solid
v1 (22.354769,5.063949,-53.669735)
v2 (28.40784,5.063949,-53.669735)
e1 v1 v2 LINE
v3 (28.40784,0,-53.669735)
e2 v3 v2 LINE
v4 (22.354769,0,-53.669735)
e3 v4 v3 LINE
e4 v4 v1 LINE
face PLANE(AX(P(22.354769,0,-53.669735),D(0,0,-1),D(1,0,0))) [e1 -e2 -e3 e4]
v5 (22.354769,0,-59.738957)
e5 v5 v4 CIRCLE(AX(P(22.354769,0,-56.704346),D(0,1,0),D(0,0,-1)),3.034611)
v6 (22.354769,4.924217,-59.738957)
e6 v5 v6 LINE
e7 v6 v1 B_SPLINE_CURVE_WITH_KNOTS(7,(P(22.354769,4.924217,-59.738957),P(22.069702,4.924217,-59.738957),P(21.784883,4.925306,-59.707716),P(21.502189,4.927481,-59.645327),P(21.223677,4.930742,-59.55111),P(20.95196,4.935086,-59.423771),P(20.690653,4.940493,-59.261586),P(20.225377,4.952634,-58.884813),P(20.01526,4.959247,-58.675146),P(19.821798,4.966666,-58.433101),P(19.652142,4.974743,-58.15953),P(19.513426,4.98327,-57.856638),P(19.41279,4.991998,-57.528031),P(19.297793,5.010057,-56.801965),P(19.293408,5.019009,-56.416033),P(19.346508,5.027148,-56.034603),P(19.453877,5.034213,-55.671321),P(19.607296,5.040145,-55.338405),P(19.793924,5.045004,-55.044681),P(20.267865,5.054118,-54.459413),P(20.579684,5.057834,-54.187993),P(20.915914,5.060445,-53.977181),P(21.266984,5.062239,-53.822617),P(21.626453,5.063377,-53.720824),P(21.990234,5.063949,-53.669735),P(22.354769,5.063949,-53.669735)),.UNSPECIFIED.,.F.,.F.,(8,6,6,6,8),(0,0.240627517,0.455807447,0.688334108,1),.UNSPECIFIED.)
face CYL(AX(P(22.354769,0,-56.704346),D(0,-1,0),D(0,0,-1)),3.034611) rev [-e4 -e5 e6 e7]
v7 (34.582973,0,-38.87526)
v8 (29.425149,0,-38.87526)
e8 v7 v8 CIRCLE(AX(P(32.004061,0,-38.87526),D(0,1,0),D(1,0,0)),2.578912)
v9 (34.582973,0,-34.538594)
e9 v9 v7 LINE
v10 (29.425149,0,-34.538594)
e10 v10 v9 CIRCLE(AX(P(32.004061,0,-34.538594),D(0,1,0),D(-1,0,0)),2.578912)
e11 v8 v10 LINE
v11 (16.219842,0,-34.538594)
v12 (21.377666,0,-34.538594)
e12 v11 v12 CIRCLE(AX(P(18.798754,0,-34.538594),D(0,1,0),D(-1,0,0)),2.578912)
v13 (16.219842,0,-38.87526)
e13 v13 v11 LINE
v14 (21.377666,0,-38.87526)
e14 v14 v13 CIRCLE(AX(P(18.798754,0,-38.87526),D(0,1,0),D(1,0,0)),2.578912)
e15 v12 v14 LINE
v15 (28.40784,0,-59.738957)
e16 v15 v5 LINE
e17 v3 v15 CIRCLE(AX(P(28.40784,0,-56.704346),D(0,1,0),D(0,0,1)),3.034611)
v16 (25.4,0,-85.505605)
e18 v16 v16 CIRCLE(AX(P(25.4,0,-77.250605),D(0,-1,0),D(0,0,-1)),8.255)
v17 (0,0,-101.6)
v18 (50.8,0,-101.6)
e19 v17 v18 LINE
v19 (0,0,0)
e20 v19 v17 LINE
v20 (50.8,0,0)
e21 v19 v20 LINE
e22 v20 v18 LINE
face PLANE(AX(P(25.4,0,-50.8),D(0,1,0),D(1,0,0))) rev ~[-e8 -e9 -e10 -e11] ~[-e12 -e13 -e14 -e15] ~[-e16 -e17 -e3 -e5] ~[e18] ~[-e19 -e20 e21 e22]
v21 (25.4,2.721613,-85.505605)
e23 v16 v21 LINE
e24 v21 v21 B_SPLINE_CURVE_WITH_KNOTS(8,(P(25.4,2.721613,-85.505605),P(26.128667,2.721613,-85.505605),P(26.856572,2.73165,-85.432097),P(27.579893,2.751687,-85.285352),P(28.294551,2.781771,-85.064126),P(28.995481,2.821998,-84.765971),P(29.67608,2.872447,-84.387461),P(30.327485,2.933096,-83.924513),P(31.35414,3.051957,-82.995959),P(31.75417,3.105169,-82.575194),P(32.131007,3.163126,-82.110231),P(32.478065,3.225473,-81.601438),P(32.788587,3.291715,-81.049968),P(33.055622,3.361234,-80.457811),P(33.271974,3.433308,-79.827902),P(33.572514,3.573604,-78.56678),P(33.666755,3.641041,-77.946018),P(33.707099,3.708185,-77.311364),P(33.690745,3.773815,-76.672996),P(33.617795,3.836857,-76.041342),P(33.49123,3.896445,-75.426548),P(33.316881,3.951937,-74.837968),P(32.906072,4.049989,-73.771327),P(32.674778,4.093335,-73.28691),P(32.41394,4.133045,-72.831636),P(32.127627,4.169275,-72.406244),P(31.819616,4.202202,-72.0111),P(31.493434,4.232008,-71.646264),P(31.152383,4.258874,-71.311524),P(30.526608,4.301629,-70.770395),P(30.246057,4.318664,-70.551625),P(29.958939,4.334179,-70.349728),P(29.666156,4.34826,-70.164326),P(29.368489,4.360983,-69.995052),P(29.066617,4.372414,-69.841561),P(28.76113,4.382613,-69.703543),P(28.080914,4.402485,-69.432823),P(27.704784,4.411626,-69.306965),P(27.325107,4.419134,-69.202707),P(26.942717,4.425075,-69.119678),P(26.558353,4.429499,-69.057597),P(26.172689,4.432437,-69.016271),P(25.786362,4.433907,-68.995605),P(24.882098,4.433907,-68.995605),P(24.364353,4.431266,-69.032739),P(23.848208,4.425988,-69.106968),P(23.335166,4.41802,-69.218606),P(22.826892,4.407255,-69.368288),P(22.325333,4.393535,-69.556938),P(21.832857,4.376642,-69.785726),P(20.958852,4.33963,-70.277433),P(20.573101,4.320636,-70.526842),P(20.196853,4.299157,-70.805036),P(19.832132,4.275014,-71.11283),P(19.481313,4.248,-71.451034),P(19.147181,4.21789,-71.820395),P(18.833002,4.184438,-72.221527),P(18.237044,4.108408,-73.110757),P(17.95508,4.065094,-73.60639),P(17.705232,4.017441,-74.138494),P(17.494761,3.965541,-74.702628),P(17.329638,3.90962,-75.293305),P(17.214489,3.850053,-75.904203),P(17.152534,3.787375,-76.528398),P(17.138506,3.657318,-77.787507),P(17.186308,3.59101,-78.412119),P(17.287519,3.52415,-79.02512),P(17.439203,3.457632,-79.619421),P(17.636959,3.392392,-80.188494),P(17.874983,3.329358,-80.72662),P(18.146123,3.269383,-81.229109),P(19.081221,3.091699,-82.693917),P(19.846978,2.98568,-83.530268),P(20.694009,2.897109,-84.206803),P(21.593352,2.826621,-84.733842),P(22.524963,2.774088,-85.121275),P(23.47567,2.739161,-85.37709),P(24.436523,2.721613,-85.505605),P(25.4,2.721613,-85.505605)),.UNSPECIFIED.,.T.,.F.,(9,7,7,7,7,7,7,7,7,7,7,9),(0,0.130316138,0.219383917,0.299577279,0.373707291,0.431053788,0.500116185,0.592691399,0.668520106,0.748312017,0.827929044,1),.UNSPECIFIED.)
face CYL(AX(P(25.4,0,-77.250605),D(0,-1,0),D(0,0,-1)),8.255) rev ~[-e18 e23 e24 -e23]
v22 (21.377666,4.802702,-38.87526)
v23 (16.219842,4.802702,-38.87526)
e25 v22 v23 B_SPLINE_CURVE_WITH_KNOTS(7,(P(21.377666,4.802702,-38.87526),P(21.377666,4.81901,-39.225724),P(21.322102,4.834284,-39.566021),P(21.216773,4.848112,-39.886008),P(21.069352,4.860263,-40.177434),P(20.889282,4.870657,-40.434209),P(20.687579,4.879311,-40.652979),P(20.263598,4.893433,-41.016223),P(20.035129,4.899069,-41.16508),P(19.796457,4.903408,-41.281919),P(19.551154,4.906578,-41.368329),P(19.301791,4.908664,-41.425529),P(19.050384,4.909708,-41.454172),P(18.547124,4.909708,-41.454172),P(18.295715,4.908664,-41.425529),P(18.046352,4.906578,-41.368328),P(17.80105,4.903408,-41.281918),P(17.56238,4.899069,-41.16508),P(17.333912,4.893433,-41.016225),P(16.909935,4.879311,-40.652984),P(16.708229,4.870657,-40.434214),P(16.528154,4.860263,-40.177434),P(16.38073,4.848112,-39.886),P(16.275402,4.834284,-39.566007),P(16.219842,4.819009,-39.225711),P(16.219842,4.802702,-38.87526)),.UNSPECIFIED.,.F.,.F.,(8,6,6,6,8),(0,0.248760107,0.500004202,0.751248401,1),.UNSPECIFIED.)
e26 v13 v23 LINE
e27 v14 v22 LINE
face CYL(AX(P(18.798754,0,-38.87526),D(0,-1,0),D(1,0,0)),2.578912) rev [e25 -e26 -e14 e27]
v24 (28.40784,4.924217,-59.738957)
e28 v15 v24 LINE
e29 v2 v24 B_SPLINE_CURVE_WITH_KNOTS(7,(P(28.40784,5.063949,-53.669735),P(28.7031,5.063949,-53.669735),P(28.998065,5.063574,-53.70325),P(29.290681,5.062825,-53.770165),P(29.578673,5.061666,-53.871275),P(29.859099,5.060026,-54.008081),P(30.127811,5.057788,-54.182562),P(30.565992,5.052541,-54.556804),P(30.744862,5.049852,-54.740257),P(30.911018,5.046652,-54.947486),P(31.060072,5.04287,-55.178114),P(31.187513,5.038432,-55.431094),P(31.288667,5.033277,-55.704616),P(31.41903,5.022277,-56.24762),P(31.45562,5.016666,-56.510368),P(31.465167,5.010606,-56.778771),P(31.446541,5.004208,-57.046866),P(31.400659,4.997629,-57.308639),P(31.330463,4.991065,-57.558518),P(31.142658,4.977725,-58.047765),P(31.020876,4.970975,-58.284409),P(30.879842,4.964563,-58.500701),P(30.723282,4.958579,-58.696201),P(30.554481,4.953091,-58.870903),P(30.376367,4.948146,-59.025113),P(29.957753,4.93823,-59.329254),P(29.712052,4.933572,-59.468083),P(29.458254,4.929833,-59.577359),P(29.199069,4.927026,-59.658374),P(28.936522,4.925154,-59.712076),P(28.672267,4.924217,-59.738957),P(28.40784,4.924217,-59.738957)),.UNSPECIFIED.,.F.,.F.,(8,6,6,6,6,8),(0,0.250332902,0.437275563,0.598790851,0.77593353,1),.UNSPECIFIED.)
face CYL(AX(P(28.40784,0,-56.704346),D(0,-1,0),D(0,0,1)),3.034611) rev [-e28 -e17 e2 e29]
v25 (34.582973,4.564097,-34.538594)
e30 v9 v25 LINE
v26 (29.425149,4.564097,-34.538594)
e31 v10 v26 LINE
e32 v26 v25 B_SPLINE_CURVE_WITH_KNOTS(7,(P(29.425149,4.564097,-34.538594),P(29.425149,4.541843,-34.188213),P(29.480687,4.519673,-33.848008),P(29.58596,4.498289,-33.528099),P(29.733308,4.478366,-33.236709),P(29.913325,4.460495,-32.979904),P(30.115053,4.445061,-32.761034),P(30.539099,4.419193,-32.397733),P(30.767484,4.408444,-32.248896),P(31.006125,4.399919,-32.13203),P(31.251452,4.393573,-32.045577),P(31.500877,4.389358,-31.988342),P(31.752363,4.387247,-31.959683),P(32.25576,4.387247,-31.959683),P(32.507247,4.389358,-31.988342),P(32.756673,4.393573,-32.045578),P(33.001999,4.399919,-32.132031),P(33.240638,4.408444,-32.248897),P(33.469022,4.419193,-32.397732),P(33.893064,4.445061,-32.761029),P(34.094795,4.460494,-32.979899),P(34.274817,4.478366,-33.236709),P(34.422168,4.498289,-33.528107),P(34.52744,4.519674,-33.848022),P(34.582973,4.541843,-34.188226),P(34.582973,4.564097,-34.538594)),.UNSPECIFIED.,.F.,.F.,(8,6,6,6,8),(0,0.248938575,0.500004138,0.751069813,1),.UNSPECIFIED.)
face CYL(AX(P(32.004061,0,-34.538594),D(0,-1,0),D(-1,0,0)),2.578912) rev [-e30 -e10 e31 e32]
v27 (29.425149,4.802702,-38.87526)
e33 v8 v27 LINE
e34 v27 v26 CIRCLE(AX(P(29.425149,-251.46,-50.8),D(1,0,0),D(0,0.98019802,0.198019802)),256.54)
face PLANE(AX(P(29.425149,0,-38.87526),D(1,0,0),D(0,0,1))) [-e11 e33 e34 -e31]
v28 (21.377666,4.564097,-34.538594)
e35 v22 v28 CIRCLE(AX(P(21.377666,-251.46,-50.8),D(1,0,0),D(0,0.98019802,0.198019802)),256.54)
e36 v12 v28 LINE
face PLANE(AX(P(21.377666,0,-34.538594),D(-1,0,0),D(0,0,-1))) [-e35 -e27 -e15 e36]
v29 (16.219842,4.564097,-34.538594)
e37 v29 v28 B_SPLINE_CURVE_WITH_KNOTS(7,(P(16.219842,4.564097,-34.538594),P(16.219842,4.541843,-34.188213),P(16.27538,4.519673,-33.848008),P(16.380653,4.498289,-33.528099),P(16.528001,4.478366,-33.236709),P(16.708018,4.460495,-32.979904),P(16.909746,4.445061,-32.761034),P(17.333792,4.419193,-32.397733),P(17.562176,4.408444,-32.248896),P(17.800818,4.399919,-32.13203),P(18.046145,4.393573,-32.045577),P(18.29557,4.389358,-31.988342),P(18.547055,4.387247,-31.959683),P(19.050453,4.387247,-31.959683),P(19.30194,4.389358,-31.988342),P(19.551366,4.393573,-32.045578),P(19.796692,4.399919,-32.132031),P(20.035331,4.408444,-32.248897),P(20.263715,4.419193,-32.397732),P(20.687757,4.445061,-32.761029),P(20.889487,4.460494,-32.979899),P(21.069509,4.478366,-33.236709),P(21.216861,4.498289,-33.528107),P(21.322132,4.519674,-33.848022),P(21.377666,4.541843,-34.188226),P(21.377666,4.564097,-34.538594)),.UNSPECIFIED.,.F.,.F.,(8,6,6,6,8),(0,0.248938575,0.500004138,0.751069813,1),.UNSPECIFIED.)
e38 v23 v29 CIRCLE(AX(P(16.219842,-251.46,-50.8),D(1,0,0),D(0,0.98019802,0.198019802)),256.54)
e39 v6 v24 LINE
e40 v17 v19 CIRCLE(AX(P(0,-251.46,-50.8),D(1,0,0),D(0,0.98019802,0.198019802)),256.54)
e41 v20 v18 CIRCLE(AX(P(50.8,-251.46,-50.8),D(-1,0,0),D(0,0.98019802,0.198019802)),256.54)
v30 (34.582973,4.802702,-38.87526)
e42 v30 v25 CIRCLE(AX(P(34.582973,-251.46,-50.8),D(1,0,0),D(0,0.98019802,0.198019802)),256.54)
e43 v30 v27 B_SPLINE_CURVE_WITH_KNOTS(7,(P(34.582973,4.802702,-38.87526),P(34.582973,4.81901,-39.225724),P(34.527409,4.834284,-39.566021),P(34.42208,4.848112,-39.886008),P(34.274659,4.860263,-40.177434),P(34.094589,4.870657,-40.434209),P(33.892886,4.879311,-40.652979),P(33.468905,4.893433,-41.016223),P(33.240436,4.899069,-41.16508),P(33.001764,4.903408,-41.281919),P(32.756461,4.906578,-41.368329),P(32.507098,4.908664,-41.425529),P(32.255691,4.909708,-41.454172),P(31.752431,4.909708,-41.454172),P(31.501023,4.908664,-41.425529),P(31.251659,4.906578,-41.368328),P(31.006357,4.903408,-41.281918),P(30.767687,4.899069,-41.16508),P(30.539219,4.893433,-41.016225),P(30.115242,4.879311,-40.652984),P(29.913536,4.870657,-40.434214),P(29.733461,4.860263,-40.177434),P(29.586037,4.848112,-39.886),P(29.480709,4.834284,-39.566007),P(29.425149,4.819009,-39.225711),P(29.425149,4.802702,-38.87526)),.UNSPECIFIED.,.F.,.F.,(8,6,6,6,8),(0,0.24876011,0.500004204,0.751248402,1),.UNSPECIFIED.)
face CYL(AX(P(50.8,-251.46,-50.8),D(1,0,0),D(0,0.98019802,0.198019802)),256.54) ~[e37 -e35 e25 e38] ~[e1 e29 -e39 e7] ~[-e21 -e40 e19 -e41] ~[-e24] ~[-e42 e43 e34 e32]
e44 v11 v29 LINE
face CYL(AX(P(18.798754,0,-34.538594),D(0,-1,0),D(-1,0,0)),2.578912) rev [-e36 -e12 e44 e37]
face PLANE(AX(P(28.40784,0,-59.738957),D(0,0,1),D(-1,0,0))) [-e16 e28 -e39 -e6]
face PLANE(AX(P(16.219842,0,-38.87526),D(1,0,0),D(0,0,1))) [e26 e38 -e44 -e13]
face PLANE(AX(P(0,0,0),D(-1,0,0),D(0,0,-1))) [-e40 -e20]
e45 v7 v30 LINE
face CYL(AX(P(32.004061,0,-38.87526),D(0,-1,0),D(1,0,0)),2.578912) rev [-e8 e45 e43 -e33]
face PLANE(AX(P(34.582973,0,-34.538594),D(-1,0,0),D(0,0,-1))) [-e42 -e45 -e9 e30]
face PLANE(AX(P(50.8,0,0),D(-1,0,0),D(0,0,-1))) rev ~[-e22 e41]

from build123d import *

# Parameters (mm, degrees)
SKETCH1_W           = 50.8
SKETCH1_H           = 101.6
BOSS_EXTRUDE1_DEPTH = 76.962
CUT_EXTRUDE1_DEPTH  = 138.209144899
SKETCH6_R           = 8.255
CUT_EXTRUDE2_DEPTH  = 114.705788771
CUT_EXTRUDE3_DEPTH  = 114.705788909


with BuildPart() as part:
    # Sketch1 → Boss-Extrude1 (new body)
    with BuildSketch(Plane(origin=(0, 0, 0), x_dir=(1, 0, 0), z_dir=(0, 1, 0))):
        with Locations((25.4, 50.8)):
            Rectangle(SKETCH1_W, SKETCH1_H)
    extrude(amount=BOSS_EXTRUDE1_DEPTH)

    # Sketch2 → Cut-Extrude1 (cut, through all)
    with BuildSketch(Plane(origin=(50.8, 0, 0), x_dir=(0, 0, -1), z_dir=(1, 0, 0))):
        with BuildLine():
            ThreePointArc((0, 0), (50.8, 5.08), (101.6, 0))
            Line((101.6, 0), (101.6, 76.962))
            Line((101.6, 76.962), (0, 76.962))
            Line((0, 76.962), (0, 0))
        make_face()
    extrude(amount=-CUT_EXTRUDE1_DEPTH, mode=Mode.SUBTRACT)

    # Sketch6 → Cut-Extrude2 (cut, through all)
    with BuildSketch(Plane.XZ):
        with Locations(Location((25.4, -77.250605012, 0), (0, 0, 270))):
            Circle(SKETCH6_R)
    extrude(amount=-CUT_EXTRUDE2_DEPTH, mode=Mode.SUBTRACT)

    # Sketch5 → Cut-Extrude3 (cut, through all)
    with BuildSketch(Plane.XZ):
        with BuildLine():
            Line((21.377665877, -34.538594366), (21.377665877, -38.875260441))
            ThreePointArc((21.377665877, -38.875260441), (18.798754023, -41.454172295), (16.219842169, -38.875260441))
            Line((16.219842169, -38.875260441), (16.219842169, -34.538594366))
            ThreePointArc((16.219842169, -34.538594366), (18.798754023, -31.959682512), (21.377665877, -34.538594366))
        make_face()
        with BuildLine():
            Line((34.582973156, -34.538594366), (34.582973156, -38.875260441))
            ThreePointArc((34.582973156, -38.875260441), (32.004061302, -41.454172295), (29.425149448, -38.875260441))
            Line((29.425149448, -38.875260441), (29.425149448, -34.538594366))
            ThreePointArc((29.425149448, -34.538594366), (32.004061302, -31.959682512), (34.582973156, -34.538594366))
        make_face()
        with BuildLine():
            Line((22.354769429, -53.669734582), (28.407840078, -53.669734582))
            ThreePointArc((28.407840078, -53.669734582), (31.442451437, -56.704345941), (28.407840078, -59.7389573))
            Line((28.407840078, -59.7389573), (22.354769429, -59.7389573))
            ThreePointArc((22.354769429, -59.7389573), (19.32015807, -56.704345941), (22.354769429, -53.669734582))
        make_face()
    extrude(amount=-CUT_EXTRUDE3_DEPTH, mode=Mode.SUBTRACT)


solid = part.part
